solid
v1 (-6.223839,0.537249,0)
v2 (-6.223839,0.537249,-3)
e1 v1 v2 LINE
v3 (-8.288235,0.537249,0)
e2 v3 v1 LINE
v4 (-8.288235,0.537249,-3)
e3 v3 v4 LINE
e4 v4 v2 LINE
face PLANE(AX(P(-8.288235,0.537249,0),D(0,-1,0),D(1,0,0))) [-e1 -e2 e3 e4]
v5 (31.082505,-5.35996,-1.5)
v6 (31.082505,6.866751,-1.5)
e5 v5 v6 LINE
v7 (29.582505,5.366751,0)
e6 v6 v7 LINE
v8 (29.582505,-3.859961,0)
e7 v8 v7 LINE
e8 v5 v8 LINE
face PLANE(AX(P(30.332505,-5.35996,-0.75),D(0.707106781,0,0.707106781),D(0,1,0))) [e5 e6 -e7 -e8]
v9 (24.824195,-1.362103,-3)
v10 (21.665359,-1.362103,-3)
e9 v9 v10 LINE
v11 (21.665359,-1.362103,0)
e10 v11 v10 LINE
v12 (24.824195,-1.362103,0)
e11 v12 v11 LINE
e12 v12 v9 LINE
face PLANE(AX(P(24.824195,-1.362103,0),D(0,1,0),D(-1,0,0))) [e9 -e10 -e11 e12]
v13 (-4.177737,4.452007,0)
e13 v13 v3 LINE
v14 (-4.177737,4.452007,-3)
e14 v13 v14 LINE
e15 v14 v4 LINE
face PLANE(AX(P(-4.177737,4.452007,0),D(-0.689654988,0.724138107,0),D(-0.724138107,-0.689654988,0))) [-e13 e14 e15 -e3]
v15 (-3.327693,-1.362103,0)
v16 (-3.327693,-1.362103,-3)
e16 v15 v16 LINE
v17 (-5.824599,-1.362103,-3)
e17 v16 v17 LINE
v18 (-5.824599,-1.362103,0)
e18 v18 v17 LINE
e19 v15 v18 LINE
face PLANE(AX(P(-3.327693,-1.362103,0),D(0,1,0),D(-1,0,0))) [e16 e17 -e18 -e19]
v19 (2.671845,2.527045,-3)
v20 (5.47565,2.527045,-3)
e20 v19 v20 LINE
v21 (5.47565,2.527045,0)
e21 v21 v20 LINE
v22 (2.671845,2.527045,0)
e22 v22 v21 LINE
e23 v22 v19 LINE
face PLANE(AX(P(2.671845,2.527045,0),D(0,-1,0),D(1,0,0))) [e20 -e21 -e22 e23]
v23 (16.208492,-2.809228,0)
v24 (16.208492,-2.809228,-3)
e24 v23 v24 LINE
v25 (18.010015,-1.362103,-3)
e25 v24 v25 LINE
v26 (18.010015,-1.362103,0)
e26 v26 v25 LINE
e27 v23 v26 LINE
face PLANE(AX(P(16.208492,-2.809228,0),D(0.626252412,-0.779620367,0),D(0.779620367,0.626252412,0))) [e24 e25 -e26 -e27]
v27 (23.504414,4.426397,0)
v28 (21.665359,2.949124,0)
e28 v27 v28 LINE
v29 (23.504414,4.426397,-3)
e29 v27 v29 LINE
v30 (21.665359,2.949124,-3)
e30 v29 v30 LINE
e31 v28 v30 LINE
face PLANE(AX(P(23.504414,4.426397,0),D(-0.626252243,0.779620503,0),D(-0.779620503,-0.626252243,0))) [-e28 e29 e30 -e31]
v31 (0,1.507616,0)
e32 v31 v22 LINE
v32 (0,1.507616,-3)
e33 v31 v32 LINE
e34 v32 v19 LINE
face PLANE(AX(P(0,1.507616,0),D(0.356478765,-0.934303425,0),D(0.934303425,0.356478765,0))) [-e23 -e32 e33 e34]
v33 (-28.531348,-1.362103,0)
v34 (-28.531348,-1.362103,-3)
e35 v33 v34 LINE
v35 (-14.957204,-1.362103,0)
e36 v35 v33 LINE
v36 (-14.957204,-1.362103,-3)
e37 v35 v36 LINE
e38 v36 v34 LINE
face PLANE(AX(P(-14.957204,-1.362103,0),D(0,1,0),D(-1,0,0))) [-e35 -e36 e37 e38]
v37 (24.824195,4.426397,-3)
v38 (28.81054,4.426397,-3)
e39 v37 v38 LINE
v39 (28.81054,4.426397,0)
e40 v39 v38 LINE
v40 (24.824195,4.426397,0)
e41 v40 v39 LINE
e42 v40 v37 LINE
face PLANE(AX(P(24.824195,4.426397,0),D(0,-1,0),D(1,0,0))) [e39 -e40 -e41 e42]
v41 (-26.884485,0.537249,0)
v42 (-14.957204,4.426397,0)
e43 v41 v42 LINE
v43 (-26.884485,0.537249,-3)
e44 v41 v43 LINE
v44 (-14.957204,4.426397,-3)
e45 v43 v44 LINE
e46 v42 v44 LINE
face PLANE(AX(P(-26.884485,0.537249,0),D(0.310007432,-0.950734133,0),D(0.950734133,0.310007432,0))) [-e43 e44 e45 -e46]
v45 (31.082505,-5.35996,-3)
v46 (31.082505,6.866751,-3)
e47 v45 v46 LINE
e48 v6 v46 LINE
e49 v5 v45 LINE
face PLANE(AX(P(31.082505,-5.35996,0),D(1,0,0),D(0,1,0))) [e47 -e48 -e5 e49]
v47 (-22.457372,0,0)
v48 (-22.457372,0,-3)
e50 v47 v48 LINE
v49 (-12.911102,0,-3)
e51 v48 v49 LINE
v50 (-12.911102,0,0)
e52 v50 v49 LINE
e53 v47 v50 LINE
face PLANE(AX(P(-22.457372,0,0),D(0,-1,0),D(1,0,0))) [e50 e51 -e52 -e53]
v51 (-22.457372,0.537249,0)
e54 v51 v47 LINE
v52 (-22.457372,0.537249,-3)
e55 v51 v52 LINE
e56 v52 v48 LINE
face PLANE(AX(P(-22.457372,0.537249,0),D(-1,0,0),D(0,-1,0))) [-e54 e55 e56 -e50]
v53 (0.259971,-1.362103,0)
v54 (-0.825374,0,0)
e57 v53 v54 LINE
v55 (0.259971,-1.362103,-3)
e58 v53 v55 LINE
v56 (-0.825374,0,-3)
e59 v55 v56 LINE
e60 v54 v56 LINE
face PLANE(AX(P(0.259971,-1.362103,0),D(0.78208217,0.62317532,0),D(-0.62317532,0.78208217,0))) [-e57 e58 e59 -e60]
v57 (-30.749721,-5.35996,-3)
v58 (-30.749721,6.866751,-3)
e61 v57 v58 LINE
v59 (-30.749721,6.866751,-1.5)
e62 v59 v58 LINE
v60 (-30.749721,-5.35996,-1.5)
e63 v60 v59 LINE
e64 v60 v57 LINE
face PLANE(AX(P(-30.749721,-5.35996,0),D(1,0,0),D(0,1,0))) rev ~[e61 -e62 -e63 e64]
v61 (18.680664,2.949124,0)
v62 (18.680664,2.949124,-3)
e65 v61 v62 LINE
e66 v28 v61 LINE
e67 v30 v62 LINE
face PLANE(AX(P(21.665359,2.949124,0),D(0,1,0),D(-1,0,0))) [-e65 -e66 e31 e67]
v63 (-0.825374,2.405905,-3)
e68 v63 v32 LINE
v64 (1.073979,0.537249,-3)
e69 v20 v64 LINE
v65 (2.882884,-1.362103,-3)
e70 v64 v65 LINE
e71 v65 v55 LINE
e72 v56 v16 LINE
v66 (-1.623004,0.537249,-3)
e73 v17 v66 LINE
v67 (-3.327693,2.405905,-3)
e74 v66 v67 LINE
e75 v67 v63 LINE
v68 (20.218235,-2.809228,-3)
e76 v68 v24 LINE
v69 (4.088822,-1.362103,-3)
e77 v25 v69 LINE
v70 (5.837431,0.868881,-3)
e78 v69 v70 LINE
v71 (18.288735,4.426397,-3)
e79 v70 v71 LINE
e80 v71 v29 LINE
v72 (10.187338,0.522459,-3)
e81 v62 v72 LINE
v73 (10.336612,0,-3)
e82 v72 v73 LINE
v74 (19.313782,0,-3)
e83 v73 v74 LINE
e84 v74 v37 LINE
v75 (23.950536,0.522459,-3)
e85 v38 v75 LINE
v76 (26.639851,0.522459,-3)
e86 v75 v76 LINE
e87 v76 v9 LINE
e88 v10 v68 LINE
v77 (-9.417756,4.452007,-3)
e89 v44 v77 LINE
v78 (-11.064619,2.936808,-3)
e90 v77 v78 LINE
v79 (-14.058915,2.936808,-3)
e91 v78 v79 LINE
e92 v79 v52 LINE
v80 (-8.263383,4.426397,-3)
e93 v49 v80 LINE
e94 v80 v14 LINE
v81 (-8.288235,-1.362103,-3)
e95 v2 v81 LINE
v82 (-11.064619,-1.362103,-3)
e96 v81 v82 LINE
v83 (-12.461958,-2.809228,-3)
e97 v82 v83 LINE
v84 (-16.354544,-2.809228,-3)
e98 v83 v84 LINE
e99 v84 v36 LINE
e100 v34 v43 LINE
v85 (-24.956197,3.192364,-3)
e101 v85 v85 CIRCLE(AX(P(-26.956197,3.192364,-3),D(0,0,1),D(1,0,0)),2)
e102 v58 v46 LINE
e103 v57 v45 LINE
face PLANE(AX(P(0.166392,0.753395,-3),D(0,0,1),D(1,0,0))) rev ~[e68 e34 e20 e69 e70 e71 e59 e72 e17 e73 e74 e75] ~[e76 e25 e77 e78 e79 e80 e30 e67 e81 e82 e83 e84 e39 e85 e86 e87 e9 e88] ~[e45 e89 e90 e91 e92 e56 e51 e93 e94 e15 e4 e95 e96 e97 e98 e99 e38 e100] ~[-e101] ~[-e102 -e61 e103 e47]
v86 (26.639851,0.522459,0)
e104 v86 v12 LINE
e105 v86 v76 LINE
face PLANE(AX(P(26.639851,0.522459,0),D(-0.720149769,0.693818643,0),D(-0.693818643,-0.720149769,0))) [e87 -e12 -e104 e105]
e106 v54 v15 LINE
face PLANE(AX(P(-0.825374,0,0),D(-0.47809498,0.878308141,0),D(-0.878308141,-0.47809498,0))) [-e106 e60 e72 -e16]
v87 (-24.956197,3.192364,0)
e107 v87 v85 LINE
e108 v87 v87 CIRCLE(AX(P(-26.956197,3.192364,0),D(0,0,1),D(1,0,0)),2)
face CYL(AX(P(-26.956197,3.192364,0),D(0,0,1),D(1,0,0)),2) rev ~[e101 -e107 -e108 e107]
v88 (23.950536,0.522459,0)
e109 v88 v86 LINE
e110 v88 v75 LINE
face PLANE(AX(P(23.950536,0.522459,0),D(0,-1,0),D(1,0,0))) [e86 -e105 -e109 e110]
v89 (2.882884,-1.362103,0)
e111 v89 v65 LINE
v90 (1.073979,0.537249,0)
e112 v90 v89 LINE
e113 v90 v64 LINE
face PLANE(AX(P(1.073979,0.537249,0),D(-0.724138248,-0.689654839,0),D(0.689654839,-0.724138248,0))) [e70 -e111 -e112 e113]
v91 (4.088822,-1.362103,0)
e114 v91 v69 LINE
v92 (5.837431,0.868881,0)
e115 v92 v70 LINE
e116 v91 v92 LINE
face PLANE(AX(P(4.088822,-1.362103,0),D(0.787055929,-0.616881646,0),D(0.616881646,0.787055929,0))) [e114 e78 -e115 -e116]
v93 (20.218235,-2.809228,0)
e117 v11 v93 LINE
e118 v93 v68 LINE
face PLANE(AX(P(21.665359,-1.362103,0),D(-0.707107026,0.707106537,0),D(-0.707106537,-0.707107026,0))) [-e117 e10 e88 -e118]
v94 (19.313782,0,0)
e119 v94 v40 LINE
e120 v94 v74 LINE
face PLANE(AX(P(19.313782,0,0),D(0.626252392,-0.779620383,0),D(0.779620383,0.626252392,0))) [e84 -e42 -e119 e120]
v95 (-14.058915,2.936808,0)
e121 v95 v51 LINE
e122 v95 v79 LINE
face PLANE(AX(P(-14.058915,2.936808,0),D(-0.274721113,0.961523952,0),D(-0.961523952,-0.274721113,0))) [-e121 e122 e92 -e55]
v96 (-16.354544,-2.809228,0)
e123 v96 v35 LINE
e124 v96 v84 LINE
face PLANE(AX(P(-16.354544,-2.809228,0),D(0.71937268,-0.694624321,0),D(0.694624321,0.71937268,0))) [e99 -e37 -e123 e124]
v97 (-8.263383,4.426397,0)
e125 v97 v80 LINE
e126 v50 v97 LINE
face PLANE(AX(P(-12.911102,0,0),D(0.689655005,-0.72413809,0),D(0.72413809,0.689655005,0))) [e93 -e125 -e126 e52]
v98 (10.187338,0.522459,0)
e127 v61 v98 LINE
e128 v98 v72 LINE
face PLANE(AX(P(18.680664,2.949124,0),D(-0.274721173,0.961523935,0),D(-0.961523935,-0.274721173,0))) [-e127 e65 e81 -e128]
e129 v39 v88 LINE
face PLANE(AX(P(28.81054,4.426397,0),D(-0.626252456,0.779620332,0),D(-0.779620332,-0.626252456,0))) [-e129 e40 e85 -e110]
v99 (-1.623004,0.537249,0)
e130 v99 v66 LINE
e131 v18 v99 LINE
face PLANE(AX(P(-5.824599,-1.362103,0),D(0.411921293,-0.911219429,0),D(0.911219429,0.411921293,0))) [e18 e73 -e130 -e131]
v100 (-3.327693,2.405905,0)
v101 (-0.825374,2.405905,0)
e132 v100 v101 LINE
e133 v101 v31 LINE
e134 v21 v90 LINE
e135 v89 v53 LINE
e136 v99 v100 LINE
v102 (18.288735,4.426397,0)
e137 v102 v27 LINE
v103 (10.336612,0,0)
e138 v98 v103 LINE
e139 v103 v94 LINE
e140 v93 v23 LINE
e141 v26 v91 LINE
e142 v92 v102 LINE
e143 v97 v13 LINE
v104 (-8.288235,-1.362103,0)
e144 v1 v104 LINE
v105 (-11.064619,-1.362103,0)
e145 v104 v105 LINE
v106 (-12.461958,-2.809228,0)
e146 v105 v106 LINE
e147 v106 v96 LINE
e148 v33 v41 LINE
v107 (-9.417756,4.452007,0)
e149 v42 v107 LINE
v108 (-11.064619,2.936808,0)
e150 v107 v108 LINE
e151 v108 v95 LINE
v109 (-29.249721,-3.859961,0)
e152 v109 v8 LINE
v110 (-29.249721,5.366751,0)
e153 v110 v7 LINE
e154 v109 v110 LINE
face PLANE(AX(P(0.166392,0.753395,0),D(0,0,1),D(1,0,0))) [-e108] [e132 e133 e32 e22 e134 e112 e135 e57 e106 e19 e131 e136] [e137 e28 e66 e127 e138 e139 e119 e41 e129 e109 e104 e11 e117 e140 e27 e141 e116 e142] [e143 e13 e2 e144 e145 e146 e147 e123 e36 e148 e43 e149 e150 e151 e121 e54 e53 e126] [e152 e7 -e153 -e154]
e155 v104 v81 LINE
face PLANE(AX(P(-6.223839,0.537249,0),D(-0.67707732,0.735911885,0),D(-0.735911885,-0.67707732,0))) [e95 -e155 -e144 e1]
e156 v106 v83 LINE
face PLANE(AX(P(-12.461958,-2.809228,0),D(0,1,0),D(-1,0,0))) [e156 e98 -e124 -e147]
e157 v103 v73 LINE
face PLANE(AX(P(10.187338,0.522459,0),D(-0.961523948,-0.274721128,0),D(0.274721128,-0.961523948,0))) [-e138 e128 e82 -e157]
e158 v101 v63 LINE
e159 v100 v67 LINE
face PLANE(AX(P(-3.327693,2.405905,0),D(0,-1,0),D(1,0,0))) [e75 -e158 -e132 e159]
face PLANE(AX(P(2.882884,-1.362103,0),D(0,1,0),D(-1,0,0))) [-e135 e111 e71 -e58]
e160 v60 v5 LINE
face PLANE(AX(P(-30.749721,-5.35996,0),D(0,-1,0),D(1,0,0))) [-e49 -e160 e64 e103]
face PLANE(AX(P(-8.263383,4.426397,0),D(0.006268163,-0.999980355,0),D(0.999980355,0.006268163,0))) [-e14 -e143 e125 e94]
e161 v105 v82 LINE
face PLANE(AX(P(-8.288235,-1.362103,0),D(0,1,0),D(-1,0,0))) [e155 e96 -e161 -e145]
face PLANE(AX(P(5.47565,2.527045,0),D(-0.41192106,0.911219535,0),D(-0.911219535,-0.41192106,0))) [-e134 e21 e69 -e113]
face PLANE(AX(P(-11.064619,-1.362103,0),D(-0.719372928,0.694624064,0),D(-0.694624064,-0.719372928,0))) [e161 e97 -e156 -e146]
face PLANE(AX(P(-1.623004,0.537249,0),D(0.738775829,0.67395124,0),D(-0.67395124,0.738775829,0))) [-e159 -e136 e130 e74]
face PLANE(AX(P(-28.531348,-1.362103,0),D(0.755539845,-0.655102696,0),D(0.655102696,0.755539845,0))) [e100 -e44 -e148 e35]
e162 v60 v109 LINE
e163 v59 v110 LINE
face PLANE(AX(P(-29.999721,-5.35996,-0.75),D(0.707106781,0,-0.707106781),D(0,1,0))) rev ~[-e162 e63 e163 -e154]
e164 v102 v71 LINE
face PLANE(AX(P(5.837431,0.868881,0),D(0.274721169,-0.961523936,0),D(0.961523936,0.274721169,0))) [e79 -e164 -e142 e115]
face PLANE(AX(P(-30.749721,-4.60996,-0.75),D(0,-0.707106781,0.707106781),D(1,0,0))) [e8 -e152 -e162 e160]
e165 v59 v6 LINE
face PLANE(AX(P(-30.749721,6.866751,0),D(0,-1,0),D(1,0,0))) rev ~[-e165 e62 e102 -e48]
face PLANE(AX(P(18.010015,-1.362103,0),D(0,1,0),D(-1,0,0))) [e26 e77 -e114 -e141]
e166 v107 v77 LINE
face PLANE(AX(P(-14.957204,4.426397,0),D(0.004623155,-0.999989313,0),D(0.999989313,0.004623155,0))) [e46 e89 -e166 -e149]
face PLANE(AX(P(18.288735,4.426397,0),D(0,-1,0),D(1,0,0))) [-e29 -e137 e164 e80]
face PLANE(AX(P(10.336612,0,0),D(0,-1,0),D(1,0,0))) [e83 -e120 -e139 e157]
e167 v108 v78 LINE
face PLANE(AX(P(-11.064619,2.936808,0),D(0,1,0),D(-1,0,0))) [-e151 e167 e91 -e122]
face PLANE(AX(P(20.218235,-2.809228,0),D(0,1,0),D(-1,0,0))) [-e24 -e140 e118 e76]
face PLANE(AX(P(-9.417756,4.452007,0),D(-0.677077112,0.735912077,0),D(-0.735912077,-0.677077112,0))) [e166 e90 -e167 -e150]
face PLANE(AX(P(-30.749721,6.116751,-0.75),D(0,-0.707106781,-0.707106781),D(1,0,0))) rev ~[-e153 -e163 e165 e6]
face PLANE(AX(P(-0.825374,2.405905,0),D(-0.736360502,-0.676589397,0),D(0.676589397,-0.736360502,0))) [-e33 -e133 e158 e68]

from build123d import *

# Parameters (mm, degrees)
F0_W     = 61.832226
F0_H     = 12.226711
F1_DEPTH = 3
F2_SIZE  = 1.5
F3_R     = 2
F4_DEPTH = 25


with BuildPart() as f1:
    # F0 (on Top) → F1 (new body)
    with BuildSketch(Plane.XY):
        with Locations((0.166392, 0.753395)):
            Rectangle(F0_W, F0_H)
        Polygon((0, 1.507616), (2.671845, 2.527045), (5.47565, 2.527045), (1.073979, 0.537249), (2.882884, -1.362103), (0.259971, -1.362103), (-0.825374, 0), (-3.327693, -1.362103), (-5.824599, -1.362103), (-1.623004, 0.537249), (-3.327693, 2.405905), (-0.825374, 2.405905), align=None, mode=Mode.SUBTRACT)
        Polygon((-8.263383, 4.426397), (-4.177737, 4.452007), (-8.288235, 0.537249), (-6.223839, 0.537249), (-8.288235, -1.362103), (-11.064619, -1.362103), (-12.461958, -2.809228), (-16.354544, -2.809228), (-14.957204, -1.362103), (-28.531348, -1.362103), (-26.884485, 0.537249), (-14.957204, 4.426397), (-9.417756, 4.452007), (-11.064619, 2.936808), (-14.058915, 2.936808), (-22.457372, 0.537249), (-22.457372, 0), (-12.911102, 0), align=None, mode=Mode.SUBTRACT)
        Polygon((4.088822, -1.362103), (5.837431, 0.868881), (18.288735, 4.426397), (23.504414, 4.426397), (21.665359, 2.949124), (18.680664, 2.949124), (10.187338, 0.522459), (10.336612, 0), (19.313782, 0), (24.824195, 4.426397), (28.81054, 4.426397), (23.950536, 0.522459), (26.639851, 0.522459), (24.824195, -1.362103), (21.665359, -1.362103), (20.218235, -2.809228), (16.208492, -2.809228), (18.010015, -1.362103), align=None, mode=Mode.SUBTRACT)
    extrude(amount=-F1_DEPTH)

    # F2
    f2_edges = [f1.edges().sort_by_distance(p)[0] for p in [
        (0.166392, 6.866751, 0),
        (-30.749721, 0.753396, 0),
        (0.166392, -5.35996, 0),
        (31.082505, 0.753396, 0),
    ]]
    chamfer(f2_edges, length=F2_SIZE)

    # F3 (on face) → F4 (cut)
    with BuildSketch(Plane.XY):
        with Locations((-26.956197, 3.192364)):
            Circle(F3_R)
    extrude(amount=-F4_DEPTH, mode=Mode.SUBTRACT)


solid = f1.part
